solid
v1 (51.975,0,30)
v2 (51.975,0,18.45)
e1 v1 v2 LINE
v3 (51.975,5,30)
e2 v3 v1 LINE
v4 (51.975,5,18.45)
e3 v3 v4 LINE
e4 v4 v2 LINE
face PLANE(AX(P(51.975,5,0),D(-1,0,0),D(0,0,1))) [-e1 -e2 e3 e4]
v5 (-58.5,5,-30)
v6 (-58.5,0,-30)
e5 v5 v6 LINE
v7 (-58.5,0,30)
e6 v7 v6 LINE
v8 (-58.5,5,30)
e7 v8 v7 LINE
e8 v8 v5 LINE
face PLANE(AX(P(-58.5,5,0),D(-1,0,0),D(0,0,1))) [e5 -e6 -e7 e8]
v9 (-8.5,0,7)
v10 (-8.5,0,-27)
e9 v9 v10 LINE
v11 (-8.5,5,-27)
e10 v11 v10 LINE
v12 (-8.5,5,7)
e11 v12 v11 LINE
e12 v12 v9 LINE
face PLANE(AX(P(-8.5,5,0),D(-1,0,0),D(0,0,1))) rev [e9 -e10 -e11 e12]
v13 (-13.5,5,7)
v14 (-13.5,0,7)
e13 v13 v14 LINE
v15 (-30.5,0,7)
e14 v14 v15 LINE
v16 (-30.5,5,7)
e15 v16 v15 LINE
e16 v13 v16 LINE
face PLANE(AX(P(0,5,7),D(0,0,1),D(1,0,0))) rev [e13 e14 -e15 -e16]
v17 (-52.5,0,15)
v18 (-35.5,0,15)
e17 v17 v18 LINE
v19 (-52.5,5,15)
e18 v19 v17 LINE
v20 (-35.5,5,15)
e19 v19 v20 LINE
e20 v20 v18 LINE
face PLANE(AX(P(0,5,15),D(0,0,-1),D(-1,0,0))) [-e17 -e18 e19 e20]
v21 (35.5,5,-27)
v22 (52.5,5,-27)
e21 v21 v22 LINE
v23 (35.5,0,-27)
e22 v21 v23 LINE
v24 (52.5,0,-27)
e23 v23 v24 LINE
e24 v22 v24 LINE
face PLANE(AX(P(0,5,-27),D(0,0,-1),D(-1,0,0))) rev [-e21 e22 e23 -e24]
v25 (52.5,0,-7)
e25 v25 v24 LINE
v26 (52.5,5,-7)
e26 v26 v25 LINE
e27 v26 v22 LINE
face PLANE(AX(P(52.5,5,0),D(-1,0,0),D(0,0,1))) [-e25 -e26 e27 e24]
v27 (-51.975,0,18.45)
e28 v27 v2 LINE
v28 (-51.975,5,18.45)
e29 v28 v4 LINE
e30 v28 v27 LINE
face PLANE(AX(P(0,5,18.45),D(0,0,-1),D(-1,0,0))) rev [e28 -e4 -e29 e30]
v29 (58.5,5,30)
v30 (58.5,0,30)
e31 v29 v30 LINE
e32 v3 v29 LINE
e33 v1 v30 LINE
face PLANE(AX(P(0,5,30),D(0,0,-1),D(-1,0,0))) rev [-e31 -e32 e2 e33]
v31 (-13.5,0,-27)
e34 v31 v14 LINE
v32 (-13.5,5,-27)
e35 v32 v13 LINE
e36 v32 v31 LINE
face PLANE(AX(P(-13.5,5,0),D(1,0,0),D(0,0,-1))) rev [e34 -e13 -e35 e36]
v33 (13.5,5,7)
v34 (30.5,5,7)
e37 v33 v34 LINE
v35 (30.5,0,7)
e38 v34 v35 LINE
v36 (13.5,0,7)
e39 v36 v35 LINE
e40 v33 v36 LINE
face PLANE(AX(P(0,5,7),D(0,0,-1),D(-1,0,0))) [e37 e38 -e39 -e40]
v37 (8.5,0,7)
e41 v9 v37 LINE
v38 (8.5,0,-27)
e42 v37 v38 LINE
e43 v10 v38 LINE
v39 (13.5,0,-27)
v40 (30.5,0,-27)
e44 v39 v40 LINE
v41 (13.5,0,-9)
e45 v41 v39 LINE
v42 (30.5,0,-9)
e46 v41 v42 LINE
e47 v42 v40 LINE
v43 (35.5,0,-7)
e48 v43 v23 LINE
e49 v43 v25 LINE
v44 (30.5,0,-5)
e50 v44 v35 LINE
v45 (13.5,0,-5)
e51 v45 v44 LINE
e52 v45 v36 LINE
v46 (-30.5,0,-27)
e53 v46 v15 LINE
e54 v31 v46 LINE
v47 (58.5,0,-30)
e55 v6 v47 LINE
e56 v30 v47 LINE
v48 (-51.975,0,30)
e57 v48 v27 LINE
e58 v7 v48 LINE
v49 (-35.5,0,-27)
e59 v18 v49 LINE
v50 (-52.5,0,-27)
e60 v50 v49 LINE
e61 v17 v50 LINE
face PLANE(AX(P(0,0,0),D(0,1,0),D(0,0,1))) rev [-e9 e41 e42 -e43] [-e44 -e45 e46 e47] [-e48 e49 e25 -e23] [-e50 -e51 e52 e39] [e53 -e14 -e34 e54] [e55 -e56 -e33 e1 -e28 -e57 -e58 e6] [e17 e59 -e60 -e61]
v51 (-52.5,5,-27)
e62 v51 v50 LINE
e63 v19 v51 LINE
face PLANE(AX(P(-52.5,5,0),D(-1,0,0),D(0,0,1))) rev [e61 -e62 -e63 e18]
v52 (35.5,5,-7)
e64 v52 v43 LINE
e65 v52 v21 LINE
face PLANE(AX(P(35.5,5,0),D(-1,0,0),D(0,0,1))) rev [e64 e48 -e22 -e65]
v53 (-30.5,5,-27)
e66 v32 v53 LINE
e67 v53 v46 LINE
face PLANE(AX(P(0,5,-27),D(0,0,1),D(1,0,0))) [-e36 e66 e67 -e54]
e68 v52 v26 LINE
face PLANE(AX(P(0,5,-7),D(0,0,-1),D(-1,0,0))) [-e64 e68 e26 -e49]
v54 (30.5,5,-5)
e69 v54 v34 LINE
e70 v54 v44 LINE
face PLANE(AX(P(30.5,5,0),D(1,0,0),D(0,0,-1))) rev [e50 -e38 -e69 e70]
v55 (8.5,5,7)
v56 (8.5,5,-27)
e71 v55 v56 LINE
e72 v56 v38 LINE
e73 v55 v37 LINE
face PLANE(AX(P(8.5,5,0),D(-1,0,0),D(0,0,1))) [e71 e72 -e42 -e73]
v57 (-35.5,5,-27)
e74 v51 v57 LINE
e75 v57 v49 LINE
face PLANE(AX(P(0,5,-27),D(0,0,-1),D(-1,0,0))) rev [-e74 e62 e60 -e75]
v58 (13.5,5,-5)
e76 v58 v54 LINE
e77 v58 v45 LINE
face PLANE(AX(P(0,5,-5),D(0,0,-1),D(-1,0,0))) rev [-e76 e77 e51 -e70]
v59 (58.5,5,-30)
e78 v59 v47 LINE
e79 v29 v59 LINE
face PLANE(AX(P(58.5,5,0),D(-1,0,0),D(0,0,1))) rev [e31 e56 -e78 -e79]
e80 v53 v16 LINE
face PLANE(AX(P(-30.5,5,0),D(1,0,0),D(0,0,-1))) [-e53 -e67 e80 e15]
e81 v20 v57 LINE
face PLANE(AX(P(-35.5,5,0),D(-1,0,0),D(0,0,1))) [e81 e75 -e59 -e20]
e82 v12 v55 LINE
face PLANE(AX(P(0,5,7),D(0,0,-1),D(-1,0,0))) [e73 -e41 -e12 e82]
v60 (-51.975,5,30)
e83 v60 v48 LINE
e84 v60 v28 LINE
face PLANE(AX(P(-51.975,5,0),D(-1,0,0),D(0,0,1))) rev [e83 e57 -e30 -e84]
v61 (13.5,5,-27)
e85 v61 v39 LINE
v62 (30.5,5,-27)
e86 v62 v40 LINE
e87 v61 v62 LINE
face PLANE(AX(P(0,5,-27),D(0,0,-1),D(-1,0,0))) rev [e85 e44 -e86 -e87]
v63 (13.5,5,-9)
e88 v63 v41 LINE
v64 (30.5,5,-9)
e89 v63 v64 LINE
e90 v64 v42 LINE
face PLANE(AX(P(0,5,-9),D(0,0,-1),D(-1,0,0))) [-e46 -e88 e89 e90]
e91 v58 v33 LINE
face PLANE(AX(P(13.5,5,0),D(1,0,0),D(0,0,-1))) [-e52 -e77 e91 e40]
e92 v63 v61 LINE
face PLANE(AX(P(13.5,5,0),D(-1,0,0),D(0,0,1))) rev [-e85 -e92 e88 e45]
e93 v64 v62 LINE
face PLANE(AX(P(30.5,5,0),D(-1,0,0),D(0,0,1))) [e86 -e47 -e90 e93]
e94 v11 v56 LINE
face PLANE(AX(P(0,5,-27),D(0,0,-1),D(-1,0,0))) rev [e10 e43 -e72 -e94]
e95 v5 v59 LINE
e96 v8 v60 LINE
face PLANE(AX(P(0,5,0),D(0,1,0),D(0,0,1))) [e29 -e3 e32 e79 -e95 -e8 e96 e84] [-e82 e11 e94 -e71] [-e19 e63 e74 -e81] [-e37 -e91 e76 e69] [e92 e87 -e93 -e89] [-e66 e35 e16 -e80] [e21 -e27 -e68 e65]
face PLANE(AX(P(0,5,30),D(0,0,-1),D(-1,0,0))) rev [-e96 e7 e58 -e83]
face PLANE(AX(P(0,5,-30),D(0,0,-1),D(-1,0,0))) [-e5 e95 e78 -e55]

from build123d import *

# Parameters (mm, degrees)
SKETCH1_W           = 17
SKETCH1_H           = 12
SKETCH1_H_2         = 42
SKETCH1_H_3         = 34
SKETCH1_H_4         = 18
SKETCH1_H_5         = 20
BOSS_EXTRUDE1_DEPTH = 5


with BuildPart() as part:
    # Sketch1 → Boss-Extrude1 (new body)
    with BuildSketch(Plane(origin=(0, 0, 0), x_dir=(1, 0, 0), z_dir=(0, 1, 0))):
        Polygon((-58.5, 30), (-58.5, -30), (-51.975, -30), (-51.975, -18.45), (51.975, -18.45), (51.975, -30), (58.5, -30), (58.5, 30), align=None)
        with Locations((22, -1)):
            Rectangle(SKETCH1_W, SKETCH1_H, mode=Mode.SUBTRACT)
        with Locations((-44, 6)):
            Rectangle(SKETCH1_W, SKETCH1_H_2, mode=Mode.SUBTRACT)
        with Locations((-22, 10)):
            Rectangle(SKETCH1_W, SKETCH1_H_3, mode=Mode.SUBTRACT)
        with Locations((0, 10)):
            Rectangle(SKETCH1_W, SKETCH1_H_3, mode=Mode.SUBTRACT)
        with Locations((22, 18)):
            Rectangle(SKETCH1_W, SKETCH1_H_4, mode=Mode.SUBTRACT)
        with Locations((44, 17)):
            Rectangle(SKETCH1_W, SKETCH1_H_5, mode=Mode.SUBTRACT)
    extrude(amount=BOSS_EXTRUDE1_DEPTH)


solid = part.part
